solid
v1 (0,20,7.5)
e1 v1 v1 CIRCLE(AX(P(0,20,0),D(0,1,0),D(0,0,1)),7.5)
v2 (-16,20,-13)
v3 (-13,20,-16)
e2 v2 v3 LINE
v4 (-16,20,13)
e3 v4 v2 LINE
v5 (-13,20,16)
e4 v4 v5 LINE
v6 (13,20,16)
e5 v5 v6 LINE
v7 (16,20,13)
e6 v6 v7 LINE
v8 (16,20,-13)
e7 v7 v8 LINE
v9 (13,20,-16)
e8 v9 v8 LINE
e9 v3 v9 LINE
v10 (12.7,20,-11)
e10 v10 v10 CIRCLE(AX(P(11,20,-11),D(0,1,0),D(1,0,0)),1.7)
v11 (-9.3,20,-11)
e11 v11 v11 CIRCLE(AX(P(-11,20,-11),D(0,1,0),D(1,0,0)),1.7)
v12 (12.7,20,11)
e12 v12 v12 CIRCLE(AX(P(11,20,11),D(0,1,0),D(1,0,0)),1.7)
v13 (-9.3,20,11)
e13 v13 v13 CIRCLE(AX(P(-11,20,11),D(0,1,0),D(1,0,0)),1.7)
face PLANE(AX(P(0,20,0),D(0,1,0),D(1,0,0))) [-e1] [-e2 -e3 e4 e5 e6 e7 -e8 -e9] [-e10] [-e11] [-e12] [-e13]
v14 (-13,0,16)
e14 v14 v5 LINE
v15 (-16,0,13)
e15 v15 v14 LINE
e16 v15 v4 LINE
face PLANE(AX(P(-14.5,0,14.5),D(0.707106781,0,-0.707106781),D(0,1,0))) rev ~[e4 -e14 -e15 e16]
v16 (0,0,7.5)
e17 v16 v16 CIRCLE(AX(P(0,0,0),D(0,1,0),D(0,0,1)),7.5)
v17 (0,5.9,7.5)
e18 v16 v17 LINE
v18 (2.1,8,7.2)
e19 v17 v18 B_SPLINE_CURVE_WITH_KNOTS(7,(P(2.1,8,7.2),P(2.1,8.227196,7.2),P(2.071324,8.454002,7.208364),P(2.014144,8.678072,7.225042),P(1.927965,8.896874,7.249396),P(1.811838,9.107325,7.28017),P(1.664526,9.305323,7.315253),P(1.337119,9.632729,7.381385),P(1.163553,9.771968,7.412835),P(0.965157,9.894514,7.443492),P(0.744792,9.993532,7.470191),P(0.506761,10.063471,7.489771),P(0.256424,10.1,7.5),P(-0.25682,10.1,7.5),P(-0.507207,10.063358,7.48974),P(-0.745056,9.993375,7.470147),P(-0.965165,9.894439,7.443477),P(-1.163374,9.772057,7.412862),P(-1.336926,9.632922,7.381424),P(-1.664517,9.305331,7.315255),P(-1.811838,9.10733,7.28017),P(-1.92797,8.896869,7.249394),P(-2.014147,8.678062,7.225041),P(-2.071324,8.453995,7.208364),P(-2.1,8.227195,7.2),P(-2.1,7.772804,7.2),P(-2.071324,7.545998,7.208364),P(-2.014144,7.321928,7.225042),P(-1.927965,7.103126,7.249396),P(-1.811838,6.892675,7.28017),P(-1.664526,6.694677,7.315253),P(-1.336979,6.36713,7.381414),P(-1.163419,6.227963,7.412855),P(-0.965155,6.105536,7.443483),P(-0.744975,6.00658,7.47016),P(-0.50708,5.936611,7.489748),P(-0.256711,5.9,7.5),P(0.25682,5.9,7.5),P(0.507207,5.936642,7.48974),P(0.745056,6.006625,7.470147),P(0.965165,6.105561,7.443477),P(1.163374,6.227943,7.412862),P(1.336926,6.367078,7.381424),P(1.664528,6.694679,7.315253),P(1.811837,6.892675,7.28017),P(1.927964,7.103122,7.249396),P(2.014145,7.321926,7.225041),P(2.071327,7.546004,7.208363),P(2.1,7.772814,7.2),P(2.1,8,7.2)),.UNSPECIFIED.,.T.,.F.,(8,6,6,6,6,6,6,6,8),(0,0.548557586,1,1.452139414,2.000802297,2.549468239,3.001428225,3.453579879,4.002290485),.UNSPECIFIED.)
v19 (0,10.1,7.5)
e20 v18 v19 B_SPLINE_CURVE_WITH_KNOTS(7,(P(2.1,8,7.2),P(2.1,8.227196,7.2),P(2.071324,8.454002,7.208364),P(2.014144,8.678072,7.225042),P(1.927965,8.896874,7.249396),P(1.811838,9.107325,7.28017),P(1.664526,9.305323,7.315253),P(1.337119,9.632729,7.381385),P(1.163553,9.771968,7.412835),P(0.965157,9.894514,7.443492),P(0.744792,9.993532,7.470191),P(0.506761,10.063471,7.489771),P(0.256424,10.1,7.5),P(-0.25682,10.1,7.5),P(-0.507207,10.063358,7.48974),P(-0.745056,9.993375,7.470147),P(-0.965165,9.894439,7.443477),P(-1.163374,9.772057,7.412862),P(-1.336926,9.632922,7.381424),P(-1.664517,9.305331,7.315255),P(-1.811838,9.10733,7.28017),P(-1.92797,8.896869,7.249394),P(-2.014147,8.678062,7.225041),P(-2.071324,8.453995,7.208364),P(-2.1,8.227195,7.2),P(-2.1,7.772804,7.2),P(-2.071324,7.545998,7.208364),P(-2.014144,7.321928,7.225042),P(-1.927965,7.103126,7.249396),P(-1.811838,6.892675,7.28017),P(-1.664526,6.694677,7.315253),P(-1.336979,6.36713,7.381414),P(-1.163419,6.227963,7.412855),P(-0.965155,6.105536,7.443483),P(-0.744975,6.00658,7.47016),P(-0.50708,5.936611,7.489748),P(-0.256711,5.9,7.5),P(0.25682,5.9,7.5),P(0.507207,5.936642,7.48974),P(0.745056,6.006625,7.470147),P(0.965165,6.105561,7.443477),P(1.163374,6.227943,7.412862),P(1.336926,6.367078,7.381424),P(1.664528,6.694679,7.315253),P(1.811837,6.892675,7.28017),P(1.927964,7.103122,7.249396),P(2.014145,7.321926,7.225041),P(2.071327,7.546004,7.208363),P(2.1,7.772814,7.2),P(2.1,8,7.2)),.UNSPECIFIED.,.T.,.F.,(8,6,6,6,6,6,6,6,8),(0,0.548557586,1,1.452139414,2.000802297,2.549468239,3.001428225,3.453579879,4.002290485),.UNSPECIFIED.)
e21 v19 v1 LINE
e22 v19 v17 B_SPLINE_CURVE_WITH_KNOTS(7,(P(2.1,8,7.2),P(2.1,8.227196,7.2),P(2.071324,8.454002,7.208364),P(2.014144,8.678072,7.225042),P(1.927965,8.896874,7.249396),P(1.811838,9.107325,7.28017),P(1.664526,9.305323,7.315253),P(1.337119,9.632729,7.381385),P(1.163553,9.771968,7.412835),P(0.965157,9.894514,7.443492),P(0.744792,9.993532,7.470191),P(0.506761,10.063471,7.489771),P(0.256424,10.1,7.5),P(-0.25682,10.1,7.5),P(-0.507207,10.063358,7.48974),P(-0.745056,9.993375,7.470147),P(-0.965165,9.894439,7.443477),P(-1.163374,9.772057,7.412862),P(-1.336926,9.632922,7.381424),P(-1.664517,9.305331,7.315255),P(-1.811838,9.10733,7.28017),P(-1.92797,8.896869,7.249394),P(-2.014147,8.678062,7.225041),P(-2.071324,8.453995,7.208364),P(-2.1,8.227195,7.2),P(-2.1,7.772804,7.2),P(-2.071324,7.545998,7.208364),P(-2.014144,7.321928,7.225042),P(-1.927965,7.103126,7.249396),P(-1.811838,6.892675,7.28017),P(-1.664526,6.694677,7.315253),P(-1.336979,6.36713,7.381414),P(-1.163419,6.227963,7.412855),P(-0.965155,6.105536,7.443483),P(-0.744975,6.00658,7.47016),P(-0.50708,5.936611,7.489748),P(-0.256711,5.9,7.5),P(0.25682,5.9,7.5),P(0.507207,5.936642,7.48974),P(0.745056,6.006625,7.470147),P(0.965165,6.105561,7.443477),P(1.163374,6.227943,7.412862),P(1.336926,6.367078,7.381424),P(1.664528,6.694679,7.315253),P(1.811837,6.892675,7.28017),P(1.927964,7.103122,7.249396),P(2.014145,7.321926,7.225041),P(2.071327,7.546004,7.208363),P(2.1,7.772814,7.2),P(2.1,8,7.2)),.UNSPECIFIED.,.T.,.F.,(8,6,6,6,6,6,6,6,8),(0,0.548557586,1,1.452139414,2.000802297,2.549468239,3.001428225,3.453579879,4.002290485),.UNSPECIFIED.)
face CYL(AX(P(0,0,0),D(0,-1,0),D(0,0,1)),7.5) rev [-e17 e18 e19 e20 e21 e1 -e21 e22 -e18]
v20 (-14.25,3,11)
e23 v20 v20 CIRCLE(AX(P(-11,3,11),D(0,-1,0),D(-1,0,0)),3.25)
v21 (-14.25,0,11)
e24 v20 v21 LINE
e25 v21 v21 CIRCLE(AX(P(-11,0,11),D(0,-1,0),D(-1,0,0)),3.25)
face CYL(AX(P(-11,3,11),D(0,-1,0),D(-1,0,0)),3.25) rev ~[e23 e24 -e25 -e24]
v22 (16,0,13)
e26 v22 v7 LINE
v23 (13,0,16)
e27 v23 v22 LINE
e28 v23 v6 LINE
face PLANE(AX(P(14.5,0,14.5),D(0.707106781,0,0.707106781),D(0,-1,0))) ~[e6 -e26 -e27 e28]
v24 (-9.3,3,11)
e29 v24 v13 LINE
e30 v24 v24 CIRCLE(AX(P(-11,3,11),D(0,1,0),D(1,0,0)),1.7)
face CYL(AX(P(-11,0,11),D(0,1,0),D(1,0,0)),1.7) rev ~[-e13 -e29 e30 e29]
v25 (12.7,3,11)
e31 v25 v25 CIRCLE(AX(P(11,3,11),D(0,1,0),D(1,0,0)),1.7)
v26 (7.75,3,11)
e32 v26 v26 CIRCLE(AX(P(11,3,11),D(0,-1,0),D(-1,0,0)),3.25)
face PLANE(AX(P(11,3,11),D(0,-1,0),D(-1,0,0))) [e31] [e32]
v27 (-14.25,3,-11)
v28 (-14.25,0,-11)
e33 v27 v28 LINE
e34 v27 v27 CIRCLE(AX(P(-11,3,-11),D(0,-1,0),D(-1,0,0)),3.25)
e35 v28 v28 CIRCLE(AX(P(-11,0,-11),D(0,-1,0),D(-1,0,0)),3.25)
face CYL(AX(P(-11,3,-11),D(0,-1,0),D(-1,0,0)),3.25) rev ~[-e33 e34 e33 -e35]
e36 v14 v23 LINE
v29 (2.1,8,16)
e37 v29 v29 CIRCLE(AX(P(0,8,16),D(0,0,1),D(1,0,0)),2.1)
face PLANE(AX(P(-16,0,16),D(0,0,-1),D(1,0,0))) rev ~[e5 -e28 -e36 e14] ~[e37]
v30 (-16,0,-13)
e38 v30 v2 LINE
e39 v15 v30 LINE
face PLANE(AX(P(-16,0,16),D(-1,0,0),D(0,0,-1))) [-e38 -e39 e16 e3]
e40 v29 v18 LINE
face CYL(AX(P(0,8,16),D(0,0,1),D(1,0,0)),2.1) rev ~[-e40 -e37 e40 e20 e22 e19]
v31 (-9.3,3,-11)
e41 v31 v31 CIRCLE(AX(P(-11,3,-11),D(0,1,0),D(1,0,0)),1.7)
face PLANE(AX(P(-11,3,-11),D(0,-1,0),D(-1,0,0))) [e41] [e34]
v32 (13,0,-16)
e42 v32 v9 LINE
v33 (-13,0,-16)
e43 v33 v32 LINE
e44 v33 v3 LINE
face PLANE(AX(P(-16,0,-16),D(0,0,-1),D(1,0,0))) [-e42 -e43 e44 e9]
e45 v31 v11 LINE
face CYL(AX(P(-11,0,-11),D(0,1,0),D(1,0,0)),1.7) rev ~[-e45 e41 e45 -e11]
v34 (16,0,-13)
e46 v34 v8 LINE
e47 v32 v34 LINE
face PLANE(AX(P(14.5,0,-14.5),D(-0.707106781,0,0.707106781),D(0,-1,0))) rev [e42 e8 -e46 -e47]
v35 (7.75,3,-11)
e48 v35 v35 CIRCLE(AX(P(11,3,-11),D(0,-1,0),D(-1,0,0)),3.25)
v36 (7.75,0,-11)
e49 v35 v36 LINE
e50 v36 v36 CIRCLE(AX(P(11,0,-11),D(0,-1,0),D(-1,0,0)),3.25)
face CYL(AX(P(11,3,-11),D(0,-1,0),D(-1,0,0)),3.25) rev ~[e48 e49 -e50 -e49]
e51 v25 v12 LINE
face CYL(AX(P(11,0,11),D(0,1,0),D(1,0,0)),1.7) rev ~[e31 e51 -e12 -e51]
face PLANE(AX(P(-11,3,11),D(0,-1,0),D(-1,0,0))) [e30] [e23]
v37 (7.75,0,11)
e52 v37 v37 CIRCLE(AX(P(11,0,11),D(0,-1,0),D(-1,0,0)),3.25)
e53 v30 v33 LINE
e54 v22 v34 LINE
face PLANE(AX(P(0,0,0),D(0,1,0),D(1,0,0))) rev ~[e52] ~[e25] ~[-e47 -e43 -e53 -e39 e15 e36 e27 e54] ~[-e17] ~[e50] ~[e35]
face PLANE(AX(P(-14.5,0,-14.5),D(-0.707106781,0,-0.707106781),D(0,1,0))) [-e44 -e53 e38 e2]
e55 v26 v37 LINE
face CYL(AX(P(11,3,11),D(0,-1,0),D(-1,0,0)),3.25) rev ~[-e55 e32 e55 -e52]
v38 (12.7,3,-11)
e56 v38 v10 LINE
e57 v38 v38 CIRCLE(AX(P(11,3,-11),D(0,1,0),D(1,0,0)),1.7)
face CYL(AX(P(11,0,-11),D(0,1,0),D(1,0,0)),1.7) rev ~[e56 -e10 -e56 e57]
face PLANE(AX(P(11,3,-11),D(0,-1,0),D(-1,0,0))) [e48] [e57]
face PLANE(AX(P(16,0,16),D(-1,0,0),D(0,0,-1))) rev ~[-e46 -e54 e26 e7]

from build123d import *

# Parameters (mm, degrees)
SKETCH1_W                      = 32
SKETCH1_H                      = 32
SKETCH1_R                      = 7.5
BOSS_EXTRUDE1_DEPTH            = 20
CBORE_FOR_M3_SHCS1_D           = 3.4
CBORE_FOR_M3_SHCS1_CBORE_D     = 6.5
CBORE_FOR_M3_SHCS1_CBORE_DEPTH = 3
M5X0_8_TAPPED_HOLE1_REACH      = 42.988
M5X0_8_TAPPED_HOLE1_BORE_R     = 2.1
CHAMFER1_SIZE                  = 3


with BuildPart() as part:
    # Sketch1 → Boss-Extrude1 (new body)
    with BuildSketch(Plane(origin=(0, 0, 0), x_dir=(1, 0, 0), z_dir=(0, 1, 0))):
        Rectangle(SKETCH1_W, SKETCH1_H)
        with Locations(Location((0, 0, 0), (0, 0, 270))):
            Circle(SKETCH1_R, mode=Mode.SUBTRACT)
    extrude(amount=BOSS_EXTRUDE1_DEPTH)

    # CBORE for M3 SHCS1 (through all)
    with Locations(Plane(origin=(0, 0, 0), x_dir=(-1, 0, 0), z_dir=(0, -1, 0))):
        with Locations((-11, -11), (11, -11), (11, 11), (-11, 11)):
            CounterBoreHole(CBORE_FOR_M3_SHCS1_D / 2, CBORE_FOR_M3_SHCS1_CBORE_D / 2, CBORE_FOR_M3_SHCS1_CBORE_DEPTH)

    # M5x0.8 Tapped Hole1 bore → M5x0.8 Tapped Hole1 (cut, up to next)
    with BuildSketch(Plane.XY.offset(16), mode=Mode.PRIVATE) as m5x0_8_tapped_hole1_sk1:
        with Locations((0, 8)):
            Circle(M5X0_8_TAPPED_HOLE1_BORE_R)
    m5x0_8_tapped_hole1_tool1 = extrude(m5x0_8_tapped_hole1_sk1.sketch, amount=-M5X0_8_TAPPED_HOLE1_REACH, mode=Mode.PRIVATE) & part.part
    add(m5x0_8_tapped_hole1_tool1.solids().sort_by_distance((0, 8, 16))[0], mode=Mode.SUBTRACT)

    # Chamfer1
    chamfer1_edges = [part.edges().sort_by_distance(p)[0] for p in [
        (16, 10, 16),
        (-16, 10, 16),
        (-16, 10, -16),
        (16, 10, -16),
    ]]
    chamfer(chamfer1_edges, length=CHAMFER1_SIZE)


solid = part.part
